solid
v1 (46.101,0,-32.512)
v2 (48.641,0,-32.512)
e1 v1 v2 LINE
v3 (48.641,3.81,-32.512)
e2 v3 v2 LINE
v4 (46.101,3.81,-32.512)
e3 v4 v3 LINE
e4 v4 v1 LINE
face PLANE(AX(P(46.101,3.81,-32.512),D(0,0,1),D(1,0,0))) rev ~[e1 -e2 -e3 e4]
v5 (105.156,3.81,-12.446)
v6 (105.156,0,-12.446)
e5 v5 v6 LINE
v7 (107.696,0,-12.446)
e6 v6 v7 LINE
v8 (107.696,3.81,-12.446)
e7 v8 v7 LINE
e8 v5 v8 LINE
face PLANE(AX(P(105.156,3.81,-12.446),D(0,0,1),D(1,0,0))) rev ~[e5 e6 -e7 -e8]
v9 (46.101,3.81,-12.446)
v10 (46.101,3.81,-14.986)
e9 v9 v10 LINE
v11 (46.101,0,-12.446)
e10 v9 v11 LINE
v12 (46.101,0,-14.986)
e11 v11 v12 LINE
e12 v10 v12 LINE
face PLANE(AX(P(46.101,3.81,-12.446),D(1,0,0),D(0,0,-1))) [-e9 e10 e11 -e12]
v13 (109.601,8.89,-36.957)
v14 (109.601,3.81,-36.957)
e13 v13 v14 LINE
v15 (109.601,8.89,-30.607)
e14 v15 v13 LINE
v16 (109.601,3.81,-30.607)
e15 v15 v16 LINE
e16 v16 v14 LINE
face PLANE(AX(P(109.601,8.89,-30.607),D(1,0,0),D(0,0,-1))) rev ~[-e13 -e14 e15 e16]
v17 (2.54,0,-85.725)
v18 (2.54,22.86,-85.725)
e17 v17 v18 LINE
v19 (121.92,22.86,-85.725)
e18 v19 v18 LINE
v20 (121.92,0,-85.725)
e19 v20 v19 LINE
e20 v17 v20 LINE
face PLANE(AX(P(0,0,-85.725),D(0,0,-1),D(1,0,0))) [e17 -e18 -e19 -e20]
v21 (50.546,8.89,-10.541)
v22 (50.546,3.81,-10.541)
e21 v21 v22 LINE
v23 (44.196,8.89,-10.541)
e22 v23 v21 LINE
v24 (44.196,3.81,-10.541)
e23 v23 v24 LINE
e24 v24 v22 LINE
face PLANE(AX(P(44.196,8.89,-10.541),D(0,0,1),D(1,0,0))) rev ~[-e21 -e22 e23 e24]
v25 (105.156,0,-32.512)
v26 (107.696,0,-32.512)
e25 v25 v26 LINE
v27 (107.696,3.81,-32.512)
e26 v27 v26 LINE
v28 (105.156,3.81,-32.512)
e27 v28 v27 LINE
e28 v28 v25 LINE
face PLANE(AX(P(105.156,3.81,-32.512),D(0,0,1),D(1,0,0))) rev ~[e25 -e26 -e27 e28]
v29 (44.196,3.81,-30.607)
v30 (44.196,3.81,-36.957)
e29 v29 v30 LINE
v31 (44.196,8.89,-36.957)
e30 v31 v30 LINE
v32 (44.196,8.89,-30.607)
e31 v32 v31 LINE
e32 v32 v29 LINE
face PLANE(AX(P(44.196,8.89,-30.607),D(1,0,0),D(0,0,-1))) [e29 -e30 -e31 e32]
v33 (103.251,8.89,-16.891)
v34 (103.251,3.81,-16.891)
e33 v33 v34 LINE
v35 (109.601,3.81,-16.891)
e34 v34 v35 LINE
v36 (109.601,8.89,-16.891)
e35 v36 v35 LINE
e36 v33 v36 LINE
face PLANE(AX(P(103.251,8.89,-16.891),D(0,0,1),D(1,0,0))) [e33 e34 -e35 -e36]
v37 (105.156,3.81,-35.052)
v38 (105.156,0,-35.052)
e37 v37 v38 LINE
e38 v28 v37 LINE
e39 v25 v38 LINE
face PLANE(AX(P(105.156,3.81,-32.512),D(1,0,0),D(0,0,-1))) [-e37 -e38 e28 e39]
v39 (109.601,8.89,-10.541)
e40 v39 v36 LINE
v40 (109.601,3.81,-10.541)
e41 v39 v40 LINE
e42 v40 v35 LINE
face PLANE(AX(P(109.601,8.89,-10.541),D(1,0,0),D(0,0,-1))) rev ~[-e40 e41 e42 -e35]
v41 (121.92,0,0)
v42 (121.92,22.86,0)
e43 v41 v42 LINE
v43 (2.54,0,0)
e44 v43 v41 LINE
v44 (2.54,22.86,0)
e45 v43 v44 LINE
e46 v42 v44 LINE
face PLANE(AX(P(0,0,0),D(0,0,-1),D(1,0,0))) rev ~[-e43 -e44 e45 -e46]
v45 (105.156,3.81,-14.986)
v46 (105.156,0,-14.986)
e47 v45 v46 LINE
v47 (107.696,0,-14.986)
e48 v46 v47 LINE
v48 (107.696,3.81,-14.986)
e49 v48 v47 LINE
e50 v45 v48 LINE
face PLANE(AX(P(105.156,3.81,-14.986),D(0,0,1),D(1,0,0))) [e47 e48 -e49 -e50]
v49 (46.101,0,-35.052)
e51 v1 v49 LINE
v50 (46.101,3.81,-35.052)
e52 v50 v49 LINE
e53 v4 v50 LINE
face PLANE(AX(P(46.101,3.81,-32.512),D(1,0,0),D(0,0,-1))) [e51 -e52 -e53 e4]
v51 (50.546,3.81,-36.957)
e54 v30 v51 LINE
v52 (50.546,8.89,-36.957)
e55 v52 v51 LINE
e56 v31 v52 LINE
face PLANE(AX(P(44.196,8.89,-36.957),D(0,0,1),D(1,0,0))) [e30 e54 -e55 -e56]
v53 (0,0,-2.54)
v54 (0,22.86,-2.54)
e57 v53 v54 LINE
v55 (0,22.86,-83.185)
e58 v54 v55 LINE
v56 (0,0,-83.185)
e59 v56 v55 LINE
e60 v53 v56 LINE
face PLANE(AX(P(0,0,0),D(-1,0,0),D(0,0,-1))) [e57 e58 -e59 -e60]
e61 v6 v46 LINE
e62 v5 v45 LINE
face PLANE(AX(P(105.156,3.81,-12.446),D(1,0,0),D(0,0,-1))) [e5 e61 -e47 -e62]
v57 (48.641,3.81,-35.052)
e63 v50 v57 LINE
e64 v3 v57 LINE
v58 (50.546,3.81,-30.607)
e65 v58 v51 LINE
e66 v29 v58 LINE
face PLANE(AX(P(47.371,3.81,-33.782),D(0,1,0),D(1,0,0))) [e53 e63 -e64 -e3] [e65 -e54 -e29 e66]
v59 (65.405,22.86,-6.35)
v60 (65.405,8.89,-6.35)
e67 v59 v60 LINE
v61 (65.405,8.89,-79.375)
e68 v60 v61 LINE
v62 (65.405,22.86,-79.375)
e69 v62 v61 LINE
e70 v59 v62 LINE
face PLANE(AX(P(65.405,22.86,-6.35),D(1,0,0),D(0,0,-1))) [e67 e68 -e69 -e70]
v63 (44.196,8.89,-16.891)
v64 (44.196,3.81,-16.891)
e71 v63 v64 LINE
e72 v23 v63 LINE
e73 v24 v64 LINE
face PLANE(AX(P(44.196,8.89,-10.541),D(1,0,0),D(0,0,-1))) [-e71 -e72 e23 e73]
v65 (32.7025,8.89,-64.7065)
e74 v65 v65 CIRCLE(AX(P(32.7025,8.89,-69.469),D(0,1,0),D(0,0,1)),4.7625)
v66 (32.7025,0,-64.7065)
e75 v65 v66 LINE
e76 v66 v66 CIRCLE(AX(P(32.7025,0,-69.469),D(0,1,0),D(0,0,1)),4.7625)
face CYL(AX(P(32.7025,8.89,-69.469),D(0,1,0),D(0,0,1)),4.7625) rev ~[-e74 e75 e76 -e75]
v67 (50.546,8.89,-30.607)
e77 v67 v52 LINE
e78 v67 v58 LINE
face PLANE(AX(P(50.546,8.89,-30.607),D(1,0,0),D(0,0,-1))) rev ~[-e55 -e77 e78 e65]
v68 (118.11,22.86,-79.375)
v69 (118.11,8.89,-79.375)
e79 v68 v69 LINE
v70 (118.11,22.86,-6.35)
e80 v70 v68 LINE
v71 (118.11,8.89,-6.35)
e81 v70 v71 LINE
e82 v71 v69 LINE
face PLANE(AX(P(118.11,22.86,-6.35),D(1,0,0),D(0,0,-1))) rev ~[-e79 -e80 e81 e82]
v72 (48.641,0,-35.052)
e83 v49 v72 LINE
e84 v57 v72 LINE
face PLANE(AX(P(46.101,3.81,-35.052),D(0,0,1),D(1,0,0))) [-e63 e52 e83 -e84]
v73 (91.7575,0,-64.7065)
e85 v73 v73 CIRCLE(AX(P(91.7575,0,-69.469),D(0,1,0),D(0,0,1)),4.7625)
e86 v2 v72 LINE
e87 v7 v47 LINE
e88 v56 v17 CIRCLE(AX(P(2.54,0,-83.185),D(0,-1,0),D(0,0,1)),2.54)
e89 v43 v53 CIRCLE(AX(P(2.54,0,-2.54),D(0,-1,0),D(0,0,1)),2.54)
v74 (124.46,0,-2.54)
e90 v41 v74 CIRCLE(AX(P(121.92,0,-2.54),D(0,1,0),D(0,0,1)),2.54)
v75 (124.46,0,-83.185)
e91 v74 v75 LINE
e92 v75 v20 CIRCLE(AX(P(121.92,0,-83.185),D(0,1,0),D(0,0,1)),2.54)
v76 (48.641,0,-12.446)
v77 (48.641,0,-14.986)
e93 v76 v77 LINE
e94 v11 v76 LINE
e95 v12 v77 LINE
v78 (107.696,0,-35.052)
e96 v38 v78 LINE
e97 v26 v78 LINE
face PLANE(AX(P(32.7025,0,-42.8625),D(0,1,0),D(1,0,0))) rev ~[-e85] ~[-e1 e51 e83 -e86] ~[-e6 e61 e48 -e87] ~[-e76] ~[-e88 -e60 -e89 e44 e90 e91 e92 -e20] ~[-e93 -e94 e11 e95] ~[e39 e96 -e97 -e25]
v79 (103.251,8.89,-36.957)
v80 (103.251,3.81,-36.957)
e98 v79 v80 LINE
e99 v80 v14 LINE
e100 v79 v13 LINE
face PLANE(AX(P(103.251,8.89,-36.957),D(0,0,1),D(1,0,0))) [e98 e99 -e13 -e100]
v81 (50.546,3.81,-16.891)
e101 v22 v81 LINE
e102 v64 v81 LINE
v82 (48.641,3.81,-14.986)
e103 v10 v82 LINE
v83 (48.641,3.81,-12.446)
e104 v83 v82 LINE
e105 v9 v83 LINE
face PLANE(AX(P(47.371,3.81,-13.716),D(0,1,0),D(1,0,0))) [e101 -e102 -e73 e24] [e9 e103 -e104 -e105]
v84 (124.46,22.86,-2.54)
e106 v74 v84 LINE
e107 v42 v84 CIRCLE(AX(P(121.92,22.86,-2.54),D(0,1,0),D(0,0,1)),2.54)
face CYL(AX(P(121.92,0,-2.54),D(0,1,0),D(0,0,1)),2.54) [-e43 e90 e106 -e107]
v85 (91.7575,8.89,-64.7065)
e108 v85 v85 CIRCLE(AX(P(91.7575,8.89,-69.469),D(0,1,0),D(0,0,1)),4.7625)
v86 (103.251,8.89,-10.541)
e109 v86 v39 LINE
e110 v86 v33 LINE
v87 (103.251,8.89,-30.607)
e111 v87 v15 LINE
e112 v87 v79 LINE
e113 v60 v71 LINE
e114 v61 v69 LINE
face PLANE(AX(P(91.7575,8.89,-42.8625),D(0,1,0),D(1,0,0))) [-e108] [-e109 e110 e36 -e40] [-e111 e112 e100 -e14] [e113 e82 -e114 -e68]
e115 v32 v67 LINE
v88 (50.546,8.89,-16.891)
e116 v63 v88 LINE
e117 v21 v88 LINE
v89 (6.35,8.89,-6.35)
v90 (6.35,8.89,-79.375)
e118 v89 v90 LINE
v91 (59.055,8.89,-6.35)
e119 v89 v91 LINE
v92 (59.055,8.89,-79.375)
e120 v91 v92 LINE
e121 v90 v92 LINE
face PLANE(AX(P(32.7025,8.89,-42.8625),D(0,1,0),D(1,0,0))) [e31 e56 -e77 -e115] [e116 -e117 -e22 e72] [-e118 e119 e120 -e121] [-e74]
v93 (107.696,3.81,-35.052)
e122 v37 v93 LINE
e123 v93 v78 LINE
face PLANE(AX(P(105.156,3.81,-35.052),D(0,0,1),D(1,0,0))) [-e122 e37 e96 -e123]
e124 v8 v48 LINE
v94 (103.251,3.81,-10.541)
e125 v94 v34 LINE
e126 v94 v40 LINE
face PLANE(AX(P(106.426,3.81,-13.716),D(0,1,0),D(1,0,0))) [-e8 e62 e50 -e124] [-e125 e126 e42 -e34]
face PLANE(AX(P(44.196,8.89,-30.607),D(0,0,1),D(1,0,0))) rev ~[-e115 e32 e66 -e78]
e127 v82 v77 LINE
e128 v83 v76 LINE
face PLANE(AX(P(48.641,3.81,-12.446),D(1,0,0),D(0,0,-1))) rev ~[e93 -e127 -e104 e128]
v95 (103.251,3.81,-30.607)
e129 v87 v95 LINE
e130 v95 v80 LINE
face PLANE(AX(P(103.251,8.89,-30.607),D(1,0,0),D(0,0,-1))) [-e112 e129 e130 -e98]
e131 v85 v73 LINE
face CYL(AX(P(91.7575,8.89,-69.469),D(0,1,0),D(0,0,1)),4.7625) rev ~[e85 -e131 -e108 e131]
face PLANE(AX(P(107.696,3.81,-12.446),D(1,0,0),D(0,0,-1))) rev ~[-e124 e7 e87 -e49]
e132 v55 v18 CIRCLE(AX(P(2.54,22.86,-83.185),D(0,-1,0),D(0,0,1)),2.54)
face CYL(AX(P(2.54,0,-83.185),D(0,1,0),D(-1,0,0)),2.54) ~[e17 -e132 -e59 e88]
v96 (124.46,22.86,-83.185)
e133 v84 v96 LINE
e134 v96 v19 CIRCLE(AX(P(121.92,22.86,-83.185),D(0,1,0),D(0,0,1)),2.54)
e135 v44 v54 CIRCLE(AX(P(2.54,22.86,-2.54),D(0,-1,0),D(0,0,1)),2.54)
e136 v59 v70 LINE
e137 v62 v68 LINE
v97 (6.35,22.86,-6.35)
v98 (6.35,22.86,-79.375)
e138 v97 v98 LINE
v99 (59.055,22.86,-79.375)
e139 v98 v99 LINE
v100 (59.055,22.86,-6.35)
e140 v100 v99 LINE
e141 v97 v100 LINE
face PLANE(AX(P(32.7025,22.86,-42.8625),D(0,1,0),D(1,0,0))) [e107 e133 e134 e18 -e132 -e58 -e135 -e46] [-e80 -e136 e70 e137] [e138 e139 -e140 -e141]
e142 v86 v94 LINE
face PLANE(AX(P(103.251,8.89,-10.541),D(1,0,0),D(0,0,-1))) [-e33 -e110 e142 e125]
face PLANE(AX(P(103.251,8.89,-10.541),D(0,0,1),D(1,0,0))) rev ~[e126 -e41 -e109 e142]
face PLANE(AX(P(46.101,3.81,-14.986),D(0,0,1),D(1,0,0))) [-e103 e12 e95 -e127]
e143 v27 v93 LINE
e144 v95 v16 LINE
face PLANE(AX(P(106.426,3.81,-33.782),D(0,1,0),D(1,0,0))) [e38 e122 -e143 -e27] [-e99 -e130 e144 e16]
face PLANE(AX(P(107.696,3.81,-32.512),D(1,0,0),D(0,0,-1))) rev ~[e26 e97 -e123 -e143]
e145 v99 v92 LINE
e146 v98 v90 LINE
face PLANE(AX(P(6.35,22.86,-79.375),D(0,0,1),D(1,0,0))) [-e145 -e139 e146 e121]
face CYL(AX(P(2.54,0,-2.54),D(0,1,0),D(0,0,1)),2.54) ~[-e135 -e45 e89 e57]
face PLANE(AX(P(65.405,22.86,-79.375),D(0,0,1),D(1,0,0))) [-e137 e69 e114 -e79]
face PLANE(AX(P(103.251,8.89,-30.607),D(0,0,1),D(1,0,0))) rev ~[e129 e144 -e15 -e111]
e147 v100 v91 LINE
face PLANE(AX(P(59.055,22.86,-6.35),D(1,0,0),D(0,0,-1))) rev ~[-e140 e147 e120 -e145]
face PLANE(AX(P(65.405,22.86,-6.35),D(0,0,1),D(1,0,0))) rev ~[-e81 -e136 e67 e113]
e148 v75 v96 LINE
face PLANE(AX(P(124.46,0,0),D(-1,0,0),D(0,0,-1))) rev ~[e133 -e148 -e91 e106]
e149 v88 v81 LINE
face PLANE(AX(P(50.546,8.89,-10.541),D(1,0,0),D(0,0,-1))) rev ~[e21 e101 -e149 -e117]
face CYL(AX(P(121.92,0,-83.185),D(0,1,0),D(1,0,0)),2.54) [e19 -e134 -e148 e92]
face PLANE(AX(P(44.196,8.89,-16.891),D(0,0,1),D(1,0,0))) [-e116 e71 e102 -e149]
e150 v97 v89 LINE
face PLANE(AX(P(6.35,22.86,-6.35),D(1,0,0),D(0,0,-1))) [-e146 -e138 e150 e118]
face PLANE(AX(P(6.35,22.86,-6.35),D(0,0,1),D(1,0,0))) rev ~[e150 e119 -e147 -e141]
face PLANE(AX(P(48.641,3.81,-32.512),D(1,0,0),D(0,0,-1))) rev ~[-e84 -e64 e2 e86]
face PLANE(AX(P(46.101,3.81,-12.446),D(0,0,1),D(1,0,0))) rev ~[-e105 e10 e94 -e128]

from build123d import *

# Parameters (mm, degrees)
SKETCH1_W           = 65.405
SKETCH1_H           = 85.725
BOSS_EXTRUDE1_DEPTH = 22.86
SKETCH2_W           = 52.705
SKETCH2_H           = 73.025
CUT_EXTRUDE1_DEPTH  = 13.97
SKETCH6_W           = 6.35
SKETCH6_H           = 6.35
CUT_EXTRUDE3_DEPTH  = 5.08
SKETCH7_W           = 2.54
SKETCH7_H           = 2.54
CUT_EXTRUDE4_DEPTH  = 110.496539443
SKETCH5_R           = 4.7625
CUT_EXTRUDE5_DEPTH  = 109.727873841
LPATTERN3_COUNT     = 2
LPATTERN3_PITCH     = 59.055
FILLET1_R           = 2.54


with BuildPart() as part:
    # Sketch1 → Boss-Extrude1 (new body)
    with BuildSketch(Plane(origin=(0, 0, 0), x_dir=(1, 0, 0), z_dir=(0, 1, 0))):
        with Locations((32.7025, 42.8625)):
            Rectangle(SKETCH1_W, SKETCH1_H)
    boss_extrude1 = extrude(amount=BOSS_EXTRUDE1_DEPTH)

    # Sketch2 → Cut-Extrude1 (cut)
    with BuildSketch(Plane(origin=(0, 22.86, 0), x_dir=(1, 0, 0), z_dir=(0, 1, 0))):
        with Locations((32.7025, 42.8625)):
            Rectangle(SKETCH2_W, SKETCH2_H)
    cut_extrude1 = extrude(amount=-CUT_EXTRUDE1_DEPTH, mode=Mode.SUBTRACT)

    # Sketch6 → Cut-Extrude3 (cut)
    with BuildSketch(Plane(origin=(0, 8.89, 0), x_dir=(1, 0, 0), z_dir=(0, 1, 0))):
        with Locations((47.371, 33.782)):
            Rectangle(SKETCH6_W, SKETCH6_H)
        with Locations((47.371, 13.716)):
            Rectangle(SKETCH6_W, SKETCH6_H)
    cut_extrude3 = extrude(amount=-CUT_EXTRUDE3_DEPTH, mode=Mode.SUBTRACT)

    # Sketch7 → Cut-Extrude4 (cut, through all)
    with BuildSketch(Plane(origin=(0, 3.81, 0), x_dir=(1, 0, 0), z_dir=(0, 1, 0))):
        with Locations((47.371, 33.782)):
            Rectangle(SKETCH7_W, SKETCH7_H)
        with Locations((47.371, 13.716)):
            Rectangle(SKETCH7_W, SKETCH7_H)
    cut_extrude4 = extrude(amount=-CUT_EXTRUDE4_DEPTH, mode=Mode.SUBTRACT)

    # Sketch5 → Cut-Extrude5 (cut, through all)
    with BuildSketch(Plane(origin=(0, 8.89, 0), x_dir=(1, 0, 0), z_dir=(0, 1, 0))):
        with Locations(Location((32.7025, 69.469, 0), (0, 0, 270))):
            Circle(SKETCH5_R)
    cut_extrude5 = extrude(amount=-CUT_EXTRUDE5_DEPTH, mode=Mode.SUBTRACT)

    # LPattern3: Boss-Extrude1, Cut-Extrude1, Cut-Extrude3, Cut-Extrude4, Cut-Extrude5 ×2
    with Locations(*[(i * LPATTERN3_PITCH, 0, 0) for i in range(1, LPATTERN3_COUNT)]):
        add(boss_extrude1)
        add(cut_extrude1, mode=Mode.SUBTRACT)
        add(cut_extrude3, mode=Mode.SUBTRACT)
        add(cut_extrude4, mode=Mode.SUBTRACT)
        add(cut_extrude5, mode=Mode.SUBTRACT)

    # Fillet1
    fillet1_edges = [part.edges().sort_by_distance(p)[0] for p in [
        (0, 11.43, -85.725),
        (0, 11.43, 0),
        (124.46, 11.43, -85.725),
        (124.46, 11.43, 0),
    ]]
    fillet(fillet1_edges, radius=FILLET1_R)


solid = part.part
